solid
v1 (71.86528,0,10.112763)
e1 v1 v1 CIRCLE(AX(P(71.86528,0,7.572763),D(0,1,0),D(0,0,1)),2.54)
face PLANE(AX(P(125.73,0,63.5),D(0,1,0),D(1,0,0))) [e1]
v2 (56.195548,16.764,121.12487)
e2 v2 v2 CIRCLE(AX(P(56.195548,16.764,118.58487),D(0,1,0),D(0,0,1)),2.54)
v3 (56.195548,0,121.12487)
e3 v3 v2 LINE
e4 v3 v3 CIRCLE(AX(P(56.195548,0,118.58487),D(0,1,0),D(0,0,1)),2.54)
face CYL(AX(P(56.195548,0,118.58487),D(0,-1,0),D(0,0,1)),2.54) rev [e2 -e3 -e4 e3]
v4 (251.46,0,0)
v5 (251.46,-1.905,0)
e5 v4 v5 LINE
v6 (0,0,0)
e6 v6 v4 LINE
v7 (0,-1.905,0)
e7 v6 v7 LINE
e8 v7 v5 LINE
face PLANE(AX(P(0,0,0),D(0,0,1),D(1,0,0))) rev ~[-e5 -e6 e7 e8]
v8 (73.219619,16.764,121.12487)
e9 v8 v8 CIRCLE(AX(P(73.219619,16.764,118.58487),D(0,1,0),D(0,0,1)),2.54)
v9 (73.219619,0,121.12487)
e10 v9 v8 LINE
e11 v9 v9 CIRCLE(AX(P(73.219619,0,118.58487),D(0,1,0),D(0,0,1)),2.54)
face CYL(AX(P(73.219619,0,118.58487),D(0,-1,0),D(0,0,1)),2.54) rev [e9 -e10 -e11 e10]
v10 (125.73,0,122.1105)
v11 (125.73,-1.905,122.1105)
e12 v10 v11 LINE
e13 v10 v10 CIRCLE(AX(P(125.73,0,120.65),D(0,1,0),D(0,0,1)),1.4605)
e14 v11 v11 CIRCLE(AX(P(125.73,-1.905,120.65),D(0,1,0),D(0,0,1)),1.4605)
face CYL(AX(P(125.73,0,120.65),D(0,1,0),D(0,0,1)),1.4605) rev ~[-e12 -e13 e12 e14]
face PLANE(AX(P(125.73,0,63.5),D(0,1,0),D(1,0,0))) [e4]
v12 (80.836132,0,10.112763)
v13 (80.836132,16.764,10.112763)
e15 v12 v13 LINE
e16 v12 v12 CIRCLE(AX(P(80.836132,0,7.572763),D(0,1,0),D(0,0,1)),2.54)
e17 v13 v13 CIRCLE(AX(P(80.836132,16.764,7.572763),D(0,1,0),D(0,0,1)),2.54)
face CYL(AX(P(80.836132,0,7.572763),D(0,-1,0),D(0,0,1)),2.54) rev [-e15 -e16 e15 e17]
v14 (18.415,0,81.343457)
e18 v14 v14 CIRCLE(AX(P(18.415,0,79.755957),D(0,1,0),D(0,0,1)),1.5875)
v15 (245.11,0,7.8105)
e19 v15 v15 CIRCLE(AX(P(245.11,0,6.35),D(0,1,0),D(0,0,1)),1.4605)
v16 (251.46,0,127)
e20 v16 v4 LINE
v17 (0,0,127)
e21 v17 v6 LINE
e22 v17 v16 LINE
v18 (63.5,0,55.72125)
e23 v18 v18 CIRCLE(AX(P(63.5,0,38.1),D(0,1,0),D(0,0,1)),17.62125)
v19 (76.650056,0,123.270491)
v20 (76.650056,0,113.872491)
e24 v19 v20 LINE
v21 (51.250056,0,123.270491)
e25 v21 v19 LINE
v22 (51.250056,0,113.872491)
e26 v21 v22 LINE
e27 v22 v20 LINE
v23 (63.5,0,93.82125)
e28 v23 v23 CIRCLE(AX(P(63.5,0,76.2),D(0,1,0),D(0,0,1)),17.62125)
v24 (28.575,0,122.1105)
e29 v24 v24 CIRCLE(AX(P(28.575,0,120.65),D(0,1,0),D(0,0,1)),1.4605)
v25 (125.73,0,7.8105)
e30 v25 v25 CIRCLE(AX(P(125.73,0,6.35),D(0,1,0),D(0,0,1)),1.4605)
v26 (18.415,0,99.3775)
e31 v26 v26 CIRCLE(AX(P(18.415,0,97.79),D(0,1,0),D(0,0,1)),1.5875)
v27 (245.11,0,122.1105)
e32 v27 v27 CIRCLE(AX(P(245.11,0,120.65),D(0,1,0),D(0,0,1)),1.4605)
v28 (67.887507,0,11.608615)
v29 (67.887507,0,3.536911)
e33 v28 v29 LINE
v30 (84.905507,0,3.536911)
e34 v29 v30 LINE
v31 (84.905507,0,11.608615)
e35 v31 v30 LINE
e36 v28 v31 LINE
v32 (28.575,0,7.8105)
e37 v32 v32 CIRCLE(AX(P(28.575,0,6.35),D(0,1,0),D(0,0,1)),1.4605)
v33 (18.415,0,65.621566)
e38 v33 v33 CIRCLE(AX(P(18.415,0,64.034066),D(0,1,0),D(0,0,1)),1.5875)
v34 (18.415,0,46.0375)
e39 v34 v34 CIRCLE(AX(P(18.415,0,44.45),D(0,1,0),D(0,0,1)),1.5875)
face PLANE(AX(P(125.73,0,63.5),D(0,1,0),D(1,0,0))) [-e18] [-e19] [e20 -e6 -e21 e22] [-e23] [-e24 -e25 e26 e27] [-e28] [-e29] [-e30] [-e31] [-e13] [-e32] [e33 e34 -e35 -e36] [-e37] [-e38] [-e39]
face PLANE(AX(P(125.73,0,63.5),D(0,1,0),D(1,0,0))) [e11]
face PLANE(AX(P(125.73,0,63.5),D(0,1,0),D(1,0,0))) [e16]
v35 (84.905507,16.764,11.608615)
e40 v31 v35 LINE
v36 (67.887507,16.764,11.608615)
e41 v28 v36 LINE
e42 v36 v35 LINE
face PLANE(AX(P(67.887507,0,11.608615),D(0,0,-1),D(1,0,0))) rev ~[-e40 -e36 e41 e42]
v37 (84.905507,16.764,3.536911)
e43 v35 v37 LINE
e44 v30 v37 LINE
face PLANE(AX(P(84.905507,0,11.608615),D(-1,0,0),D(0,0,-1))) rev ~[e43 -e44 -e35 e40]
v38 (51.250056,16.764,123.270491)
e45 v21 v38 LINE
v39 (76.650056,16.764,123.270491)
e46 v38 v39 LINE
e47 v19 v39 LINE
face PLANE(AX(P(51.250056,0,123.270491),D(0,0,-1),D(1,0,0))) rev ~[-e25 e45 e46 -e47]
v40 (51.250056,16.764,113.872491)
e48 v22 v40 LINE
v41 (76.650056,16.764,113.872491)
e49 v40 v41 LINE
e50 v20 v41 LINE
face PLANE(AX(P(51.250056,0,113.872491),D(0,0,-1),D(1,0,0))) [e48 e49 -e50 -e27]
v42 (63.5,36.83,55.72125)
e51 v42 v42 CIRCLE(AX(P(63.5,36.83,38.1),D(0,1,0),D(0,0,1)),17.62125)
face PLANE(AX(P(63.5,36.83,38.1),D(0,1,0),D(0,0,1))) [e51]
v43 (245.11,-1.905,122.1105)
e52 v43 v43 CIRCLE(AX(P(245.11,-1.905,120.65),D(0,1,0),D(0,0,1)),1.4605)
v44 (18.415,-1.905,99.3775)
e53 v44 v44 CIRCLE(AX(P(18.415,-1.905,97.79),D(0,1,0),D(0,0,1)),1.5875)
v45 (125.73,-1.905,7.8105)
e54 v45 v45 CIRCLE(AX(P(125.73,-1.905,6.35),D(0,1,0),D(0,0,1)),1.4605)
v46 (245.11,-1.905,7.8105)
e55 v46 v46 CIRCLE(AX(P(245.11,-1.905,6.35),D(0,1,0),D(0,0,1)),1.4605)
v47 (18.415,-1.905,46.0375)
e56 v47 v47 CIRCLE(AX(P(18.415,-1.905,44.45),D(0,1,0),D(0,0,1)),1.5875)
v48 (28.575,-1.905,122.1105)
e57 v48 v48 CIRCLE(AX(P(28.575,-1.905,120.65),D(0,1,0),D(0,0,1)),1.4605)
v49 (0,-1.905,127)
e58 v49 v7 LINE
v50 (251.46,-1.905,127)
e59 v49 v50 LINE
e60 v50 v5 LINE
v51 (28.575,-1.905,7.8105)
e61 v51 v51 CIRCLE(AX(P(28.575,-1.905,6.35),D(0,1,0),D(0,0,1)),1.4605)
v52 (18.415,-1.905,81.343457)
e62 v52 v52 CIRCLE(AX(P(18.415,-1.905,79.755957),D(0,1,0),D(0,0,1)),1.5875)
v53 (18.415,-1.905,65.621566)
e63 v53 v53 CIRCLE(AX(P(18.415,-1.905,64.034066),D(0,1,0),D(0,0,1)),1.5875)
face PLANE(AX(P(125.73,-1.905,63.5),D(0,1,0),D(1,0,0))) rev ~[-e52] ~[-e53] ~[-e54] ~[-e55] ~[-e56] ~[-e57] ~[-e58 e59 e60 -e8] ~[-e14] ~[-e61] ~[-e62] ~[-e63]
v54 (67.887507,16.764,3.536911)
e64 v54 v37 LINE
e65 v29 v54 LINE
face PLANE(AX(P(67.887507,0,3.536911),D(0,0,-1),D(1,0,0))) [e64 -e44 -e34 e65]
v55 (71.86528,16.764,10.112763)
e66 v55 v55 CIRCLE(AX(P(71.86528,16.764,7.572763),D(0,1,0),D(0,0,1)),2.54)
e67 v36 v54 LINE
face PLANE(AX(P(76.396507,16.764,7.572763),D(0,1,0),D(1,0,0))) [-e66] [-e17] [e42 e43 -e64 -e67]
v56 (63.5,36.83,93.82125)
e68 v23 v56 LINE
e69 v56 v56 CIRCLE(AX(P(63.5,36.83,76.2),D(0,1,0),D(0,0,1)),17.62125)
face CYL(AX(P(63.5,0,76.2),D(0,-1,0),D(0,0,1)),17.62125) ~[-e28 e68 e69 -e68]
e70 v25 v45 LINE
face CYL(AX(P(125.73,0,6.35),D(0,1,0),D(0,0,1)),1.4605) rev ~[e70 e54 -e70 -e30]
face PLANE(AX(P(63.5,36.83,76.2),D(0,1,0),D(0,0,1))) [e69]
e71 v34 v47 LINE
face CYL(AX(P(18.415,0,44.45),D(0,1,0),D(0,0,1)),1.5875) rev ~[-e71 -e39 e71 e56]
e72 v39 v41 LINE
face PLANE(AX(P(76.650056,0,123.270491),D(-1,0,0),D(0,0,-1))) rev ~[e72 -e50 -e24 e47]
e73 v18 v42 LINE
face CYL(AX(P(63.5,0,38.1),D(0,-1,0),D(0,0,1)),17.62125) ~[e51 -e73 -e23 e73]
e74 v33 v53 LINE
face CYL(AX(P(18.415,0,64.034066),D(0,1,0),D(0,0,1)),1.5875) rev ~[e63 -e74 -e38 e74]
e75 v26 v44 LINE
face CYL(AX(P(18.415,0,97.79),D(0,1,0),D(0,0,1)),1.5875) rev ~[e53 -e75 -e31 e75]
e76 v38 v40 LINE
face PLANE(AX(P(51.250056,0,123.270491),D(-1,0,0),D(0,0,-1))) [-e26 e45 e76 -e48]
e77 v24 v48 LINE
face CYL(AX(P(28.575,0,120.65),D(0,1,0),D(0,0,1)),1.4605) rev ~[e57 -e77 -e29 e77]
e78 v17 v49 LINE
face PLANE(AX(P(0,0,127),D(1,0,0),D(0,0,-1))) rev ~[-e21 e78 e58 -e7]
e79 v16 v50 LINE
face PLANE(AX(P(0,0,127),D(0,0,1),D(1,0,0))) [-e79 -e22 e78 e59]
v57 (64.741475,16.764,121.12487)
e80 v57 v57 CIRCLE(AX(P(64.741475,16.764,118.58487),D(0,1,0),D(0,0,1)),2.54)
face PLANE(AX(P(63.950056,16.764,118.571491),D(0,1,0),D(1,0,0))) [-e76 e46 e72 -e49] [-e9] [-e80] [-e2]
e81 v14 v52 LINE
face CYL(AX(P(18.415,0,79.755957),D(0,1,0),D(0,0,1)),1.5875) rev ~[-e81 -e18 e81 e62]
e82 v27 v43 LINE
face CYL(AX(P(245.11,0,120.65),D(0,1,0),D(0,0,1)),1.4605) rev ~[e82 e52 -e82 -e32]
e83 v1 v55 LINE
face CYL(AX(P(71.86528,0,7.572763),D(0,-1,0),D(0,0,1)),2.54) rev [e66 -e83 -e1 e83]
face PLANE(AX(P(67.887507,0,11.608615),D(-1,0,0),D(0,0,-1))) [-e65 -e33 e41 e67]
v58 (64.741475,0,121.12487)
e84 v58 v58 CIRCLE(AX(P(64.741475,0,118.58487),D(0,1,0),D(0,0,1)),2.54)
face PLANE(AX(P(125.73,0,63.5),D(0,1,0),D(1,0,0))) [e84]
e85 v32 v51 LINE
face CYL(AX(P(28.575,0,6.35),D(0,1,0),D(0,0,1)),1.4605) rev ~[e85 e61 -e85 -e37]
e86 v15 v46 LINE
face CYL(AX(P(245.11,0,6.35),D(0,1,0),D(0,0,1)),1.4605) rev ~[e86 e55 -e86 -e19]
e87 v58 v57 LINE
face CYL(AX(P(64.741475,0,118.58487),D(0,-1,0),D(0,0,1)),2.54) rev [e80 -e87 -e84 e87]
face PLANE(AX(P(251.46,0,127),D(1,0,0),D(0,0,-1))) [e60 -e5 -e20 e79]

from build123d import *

# Parameters (mm, degrees)
SKETCH1_W      = 251.46
SKETCH1_H      = 127
SKETCH1_R      = 1.4605
SKETCH1_R_2    = 1.5875
EXTRUDE1_DEPTH = 1.905
SKETCH2_R      = 17.62125
EXTRUDE2_DEPTH = 36.83
SKETCH3_W      = 25.4
SKETCH3_H      = 9.398
SKETCH3_R      = 2.54
SKETCH3_W_2    = 17.018
SKETCH3_H_2    = 8.0717042
EXTRUDE3_DEPTH = 16.764


with BuildPart() as part:
    # Sketch1 → Extrude1 (new body)
    with BuildSketch(Plane(origin=(0, 0, 0), x_dir=(1, 0, 0), z_dir=(0, 1, 0))):
        with Locations((125.73, -63.5)):
            Rectangle(SKETCH1_W, SKETCH1_H)
        with Locations(Location((28.575, -120.65, 0), (0, 0, 270))):
            Circle(SKETCH1_R, mode=Mode.SUBTRACT)
        with Locations(Location((28.575, -6.35, 0), (0, 0, 270))):
            Circle(SKETCH1_R, mode=Mode.SUBTRACT)
        with Locations(Location((245.11, -6.35, 0), (0, 0, 270))):
            Circle(SKETCH1_R, mode=Mode.SUBTRACT)
        with Locations(Location((245.11, -120.65, 0), (0, 0, 270))):
            Circle(SKETCH1_R, mode=Mode.SUBTRACT)
        with Locations(Location((125.73, -6.35, 0), (0, 0, 270))):
            Circle(SKETCH1_R, mode=Mode.SUBTRACT)
        with Locations(Location((125.73, -120.65, 0), (0, 0, 270))):
            Circle(SKETCH1_R, mode=Mode.SUBTRACT)
        with Locations(Location((18.415, -44.45, 0), (0, 0, 270))):
            Circle(SKETCH1_R_2, mode=Mode.SUBTRACT)
        with Locations(Location((18.415, -79.755956549, 0), (0, 0, 270))):
            Circle(SKETCH1_R_2, mode=Mode.SUBTRACT)
        with Locations(Location((18.415, -64.034066138, 0), (0, 0, 270))):
            Circle(SKETCH1_R_2, mode=Mode.SUBTRACT)
        with Locations(Location((18.415, -97.79, 0), (0, 0, 270))):
            Circle(SKETCH1_R_2, mode=Mode.SUBTRACT)
    extrude(amount=-EXTRUDE1_DEPTH)

    # Sketch2 → Extrude2 (add)
    with BuildSketch(Plane(origin=(0, 0, 0), x_dir=(1, 0, 0), z_dir=(0, 1, 0))):
        with Locations(Location((63.5, -76.2, 0), (0, 0, 270))):
            Circle(SKETCH2_R)
        with Locations(Location((63.5, -38.1, 0), (0, 0, 270))):
            Circle(SKETCH2_R)
    extrude(amount=EXTRUDE2_DEPTH)

    # Sketch3 → Extrude3 (add)
    # profile 1 of 2: a face of its own
    with BuildSketch(Plane(origin=(0, 0, 0), x_dir=(1, 0, 0), z_dir=(0, 1, 0))):
        with Locations((63.950056038, -118.57149124)):
            Rectangle(SKETCH3_W, SKETCH3_H)
        with Locations(Location((56.195547634, -118.584869875, 0), (0, 0, 270))):
            Circle(SKETCH3_R, mode=Mode.SUBTRACT)
        with Locations(Location((64.741474732, -118.584869875, 0), (0, 0, 270))):
            Circle(SKETCH3_R, mode=Mode.SUBTRACT)
        with Locations(Location((73.219619493, -118.584869875, 0), (0, 0, 270))):
            Circle(SKETCH3_R, mode=Mode.SUBTRACT)
    # profile 2 of 2: a face of its own
    with BuildSketch(Plane(origin=(0, 0, 0), x_dir=(1, 0, 0), z_dir=(0, 1, 0))):
        with Locations((76.396506794, -7.572762817)):
            Rectangle(SKETCH3_W_2, SKETCH3_H_2)
        with Locations(Location((71.865279643, -7.572762817, 0), (0, 0, 270))):
            Circle(SKETCH3_R, mode=Mode.SUBTRACT)
        with Locations(Location((80.836132406, -7.572762817, 0), (0, 0, 270))):
            Circle(SKETCH3_R, mode=Mode.SUBTRACT)
    extrude(amount=EXTRUDE3_DEPTH)


solid = part.part
